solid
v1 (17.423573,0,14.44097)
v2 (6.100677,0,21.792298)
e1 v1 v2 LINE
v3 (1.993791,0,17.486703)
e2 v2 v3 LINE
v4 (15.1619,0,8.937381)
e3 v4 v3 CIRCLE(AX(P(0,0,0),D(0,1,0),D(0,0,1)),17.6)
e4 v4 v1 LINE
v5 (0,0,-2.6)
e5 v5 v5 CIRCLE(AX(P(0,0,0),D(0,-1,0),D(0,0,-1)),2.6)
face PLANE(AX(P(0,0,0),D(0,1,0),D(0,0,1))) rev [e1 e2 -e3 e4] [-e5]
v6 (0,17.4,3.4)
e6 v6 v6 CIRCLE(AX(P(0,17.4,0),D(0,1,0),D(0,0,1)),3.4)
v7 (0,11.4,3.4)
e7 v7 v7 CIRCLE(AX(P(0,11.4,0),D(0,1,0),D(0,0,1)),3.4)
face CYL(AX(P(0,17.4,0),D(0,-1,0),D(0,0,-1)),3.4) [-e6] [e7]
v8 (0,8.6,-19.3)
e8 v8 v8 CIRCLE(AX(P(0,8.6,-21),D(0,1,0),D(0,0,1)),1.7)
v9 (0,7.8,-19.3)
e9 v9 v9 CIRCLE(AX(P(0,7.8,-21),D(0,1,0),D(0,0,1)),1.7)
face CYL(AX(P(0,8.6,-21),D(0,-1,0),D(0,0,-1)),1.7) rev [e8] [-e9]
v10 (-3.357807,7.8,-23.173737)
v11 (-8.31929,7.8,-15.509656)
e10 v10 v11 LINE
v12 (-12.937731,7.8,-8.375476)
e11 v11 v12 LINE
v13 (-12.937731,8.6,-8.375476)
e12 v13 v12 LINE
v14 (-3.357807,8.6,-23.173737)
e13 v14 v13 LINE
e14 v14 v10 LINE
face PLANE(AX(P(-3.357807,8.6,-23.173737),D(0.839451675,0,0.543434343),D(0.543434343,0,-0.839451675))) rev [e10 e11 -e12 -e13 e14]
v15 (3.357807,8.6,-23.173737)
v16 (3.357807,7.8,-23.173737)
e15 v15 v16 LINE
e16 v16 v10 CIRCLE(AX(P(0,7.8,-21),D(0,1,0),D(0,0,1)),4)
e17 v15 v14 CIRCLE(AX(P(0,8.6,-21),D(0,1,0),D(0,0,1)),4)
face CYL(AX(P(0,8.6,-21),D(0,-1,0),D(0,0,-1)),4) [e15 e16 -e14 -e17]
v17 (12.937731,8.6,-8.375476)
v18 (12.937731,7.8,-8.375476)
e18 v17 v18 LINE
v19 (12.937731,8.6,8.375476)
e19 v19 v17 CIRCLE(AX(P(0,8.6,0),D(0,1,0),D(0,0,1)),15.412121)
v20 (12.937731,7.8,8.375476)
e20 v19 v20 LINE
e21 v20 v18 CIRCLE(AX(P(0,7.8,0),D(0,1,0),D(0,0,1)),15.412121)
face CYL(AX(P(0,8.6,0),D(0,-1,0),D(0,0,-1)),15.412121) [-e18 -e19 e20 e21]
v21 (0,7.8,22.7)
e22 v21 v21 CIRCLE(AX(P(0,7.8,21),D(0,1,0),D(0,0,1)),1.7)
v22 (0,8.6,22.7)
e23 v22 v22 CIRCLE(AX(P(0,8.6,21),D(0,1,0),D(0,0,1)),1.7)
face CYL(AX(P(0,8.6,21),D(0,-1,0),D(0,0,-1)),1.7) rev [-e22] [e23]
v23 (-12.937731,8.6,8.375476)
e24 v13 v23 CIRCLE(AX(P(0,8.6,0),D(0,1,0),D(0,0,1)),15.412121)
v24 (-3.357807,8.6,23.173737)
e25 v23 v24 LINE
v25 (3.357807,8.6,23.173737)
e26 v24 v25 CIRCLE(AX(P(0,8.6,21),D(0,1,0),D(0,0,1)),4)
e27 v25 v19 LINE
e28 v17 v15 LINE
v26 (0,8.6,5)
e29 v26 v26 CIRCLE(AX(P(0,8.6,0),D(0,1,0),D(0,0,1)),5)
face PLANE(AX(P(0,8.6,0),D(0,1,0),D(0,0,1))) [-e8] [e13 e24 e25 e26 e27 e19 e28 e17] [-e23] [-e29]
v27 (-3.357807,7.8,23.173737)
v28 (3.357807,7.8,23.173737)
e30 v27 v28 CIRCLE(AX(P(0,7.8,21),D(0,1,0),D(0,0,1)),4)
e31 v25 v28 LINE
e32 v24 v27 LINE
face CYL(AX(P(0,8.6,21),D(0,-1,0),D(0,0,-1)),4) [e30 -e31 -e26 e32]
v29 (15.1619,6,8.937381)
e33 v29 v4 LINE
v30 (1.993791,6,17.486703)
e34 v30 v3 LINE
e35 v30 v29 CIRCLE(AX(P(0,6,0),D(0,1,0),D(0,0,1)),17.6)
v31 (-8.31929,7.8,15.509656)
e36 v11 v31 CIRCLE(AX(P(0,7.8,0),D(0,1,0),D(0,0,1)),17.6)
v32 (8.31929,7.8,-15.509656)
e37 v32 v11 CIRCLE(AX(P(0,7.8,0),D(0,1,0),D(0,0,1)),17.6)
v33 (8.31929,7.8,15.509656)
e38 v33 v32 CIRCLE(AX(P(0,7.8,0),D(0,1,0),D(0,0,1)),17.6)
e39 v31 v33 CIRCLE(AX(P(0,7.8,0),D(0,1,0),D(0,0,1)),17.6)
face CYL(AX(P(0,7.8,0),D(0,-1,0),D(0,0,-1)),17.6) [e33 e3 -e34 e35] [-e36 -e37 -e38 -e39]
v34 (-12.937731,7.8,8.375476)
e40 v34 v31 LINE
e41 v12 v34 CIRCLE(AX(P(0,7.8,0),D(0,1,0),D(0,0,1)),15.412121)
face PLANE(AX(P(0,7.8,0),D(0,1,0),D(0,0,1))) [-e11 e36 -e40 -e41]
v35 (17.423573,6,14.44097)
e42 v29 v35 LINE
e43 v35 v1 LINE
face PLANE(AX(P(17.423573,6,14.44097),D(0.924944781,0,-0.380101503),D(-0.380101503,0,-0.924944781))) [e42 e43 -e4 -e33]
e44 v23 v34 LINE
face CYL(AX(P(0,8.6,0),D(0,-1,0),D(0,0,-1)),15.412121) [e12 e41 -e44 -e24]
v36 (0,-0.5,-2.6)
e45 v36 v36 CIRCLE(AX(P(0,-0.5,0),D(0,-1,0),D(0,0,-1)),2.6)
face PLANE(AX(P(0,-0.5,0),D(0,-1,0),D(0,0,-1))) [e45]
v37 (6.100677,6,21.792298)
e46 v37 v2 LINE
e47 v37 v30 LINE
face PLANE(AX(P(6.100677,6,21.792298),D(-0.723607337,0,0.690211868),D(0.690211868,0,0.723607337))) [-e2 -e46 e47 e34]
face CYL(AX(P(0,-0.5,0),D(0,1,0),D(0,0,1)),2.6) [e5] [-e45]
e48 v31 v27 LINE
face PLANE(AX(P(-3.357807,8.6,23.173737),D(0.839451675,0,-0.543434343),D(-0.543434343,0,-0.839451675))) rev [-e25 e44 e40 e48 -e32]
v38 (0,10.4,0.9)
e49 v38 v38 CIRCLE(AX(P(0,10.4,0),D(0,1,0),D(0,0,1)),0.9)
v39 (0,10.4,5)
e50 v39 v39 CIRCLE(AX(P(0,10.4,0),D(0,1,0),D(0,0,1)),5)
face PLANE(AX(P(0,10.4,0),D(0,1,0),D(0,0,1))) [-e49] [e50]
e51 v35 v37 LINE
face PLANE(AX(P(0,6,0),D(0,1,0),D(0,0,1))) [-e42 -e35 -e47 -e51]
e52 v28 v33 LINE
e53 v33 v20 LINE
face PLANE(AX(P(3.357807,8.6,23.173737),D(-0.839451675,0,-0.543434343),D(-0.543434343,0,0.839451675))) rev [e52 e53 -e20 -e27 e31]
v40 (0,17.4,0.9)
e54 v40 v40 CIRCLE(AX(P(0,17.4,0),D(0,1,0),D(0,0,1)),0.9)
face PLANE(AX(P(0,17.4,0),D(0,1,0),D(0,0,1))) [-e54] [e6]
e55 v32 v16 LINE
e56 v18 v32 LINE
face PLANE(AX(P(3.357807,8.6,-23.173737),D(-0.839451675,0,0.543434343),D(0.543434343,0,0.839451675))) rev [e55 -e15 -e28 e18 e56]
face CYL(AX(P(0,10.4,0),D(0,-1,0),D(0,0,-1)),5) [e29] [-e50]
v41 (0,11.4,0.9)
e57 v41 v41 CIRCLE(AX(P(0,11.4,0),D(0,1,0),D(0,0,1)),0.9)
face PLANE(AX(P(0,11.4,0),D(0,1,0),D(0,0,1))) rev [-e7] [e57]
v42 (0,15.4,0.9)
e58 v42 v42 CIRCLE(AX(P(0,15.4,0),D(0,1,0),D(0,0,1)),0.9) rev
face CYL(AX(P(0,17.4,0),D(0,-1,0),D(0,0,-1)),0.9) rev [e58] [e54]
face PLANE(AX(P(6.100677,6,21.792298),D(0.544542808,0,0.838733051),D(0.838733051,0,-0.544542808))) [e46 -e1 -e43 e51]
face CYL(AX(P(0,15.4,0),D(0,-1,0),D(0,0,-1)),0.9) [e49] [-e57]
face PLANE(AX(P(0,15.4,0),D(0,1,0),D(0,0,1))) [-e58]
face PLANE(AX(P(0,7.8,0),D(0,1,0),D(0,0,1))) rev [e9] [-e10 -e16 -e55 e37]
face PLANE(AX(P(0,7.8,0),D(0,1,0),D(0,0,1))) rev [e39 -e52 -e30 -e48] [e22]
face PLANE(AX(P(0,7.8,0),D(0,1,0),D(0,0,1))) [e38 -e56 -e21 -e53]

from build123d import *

# Parameters (mm, degrees)
SCHIZZO1_R                   = 17.6
ESTRUSIONE_ESTRUSIONE1_DEPTH = 7.8
SCHIZZO2_R                   = 1.7
ESTRUSIONE_ESTRUSIONE2_DEPTH = 0.8
SCHIZZO3_R                   = 5
ESTRUSIONE_ESTRUSIONE3_DEPTH = 1.8
SCHIZZO4_R                   = 0.9
ESTRUSIONE_ESTRUSIONE4_DEPTH = 5
SCHIZZO5_R                   = 2.6
ESTRUSIONE_ESTRUSIONE5_DEPTH = 0.5
ESTRUSIONE_ESTRUSIONE6_DEPTH = 6
EXTRUDE_START                = 1
SKETCH_1_R                   = 3.4
SKETCH_1_R_2                 = 0.9
EXTRUDE_1_DEPTH              = 6


with BuildPart() as part:
    # Schizzo1 → Estrusione-Estrusione1 (new body)
    with BuildSketch(Plane(origin=(0, 0, 0), x_dir=(1, 0, 0), z_dir=(0, 1, 0))):
        Circle(SCHIZZO1_R)
    extrude(amount=ESTRUSIONE_ESTRUSIONE1_DEPTH)

    # Schizzo2 → Estrusione-Estrusione2 (add)
    with BuildSketch(Plane(origin=(0, 7.8, 0), x_dir=(1, 0, 0), z_dir=(0, 1, 0))):
        with BuildLine():
            Line((-3.357806699, -23.173737374), (-12.937730964, -8.375475972))
            ThreePointArc((-12.937730964, -8.375475972), (-15.412121212, 0), (-12.937730964, 8.375475972))
            Line((-12.937730964, 8.375475972), (-3.357806699, 23.173737374))
            ThreePointArc((-3.357806699, 23.173737374), (0, 25), (3.357806699, 23.173737374))
            Line((3.357806699, 23.173737374), (12.937730964, 8.375475972))
            ThreePointArc((12.937730964, 8.375475972), (15.412121212, 0), (12.937730964, -8.375475972))
            Line((12.937730964, -8.375475972), (3.357806699, -23.173737374))
            ThreePointArc((3.357806699, -23.173737374), (0, -25), (-3.357806699, -23.173737374))
        make_face()
        with Locations((0, 21)):
            Circle(SCHIZZO2_R, mode=Mode.SUBTRACT)
        with Locations((0, -21)):
            Circle(SCHIZZO2_R, mode=Mode.SUBTRACT)
    extrude(amount=ESTRUSIONE_ESTRUSIONE2_DEPTH)

    # Schizzo3 → Estrusione-Estrusione3 (add)
    with BuildSketch(Plane(origin=(0, 8.6, 0), x_dir=(1, 0, 0), z_dir=(0, 1, 0))):
        Circle(SCHIZZO3_R)
    extrude(amount=ESTRUSIONE_ESTRUSIONE3_DEPTH)

    # Schizzo4 → Estrusione-Estrusione4 (add)
    with BuildSketch(Plane(origin=(0, 10.4, 0), x_dir=(1, 0, 0), z_dir=(0, 1, 0))):
        Circle(SCHIZZO4_R)
    extrude(amount=ESTRUSIONE_ESTRUSIONE4_DEPTH)

    # Schizzo5 → Estrusione-Estrusione5 (add)
    with BuildSketch(Plane.XZ):
        Circle(SCHIZZO5_R)
    extrude(amount=ESTRUSIONE_ESTRUSIONE5_DEPTH)

    # Schizzo6 → Estrusione-Estrusione6 (add)
    with BuildSketch(Plane.XZ):
        with BuildLine():
            Line((6.100676559, 21.792297849), (17.423572743, 14.440969942))
            Line((17.423572743, 14.440969942), (15.161900105, 8.937381339))
            ThreePointArc((15.161900105, 8.937381339), (9.583953419, 14.761701692), (1.993791209, 17.486703423))
            Line((1.993791209, 17.486703423), (6.100676559, 21.792297849))
        make_face()
    extrude(amount=-ESTRUSIONE_ESTRUSIONE6_DEPTH)

    # Эскиз1 → Бобышка-Вытянуть1 (add)
    with BuildSketch(Plane(origin=(0, 10.4, 0), x_dir=(1, 0, 0), z_dir=(0, 1, 0)).offset(EXTRUDE_START)):
        Circle(SKETCH_1_R)
        Circle(SKETCH_1_R_2, mode=Mode.SUBTRACT)
    extrude(amount=EXTRUDE_1_DEPTH)


solid = part.part
